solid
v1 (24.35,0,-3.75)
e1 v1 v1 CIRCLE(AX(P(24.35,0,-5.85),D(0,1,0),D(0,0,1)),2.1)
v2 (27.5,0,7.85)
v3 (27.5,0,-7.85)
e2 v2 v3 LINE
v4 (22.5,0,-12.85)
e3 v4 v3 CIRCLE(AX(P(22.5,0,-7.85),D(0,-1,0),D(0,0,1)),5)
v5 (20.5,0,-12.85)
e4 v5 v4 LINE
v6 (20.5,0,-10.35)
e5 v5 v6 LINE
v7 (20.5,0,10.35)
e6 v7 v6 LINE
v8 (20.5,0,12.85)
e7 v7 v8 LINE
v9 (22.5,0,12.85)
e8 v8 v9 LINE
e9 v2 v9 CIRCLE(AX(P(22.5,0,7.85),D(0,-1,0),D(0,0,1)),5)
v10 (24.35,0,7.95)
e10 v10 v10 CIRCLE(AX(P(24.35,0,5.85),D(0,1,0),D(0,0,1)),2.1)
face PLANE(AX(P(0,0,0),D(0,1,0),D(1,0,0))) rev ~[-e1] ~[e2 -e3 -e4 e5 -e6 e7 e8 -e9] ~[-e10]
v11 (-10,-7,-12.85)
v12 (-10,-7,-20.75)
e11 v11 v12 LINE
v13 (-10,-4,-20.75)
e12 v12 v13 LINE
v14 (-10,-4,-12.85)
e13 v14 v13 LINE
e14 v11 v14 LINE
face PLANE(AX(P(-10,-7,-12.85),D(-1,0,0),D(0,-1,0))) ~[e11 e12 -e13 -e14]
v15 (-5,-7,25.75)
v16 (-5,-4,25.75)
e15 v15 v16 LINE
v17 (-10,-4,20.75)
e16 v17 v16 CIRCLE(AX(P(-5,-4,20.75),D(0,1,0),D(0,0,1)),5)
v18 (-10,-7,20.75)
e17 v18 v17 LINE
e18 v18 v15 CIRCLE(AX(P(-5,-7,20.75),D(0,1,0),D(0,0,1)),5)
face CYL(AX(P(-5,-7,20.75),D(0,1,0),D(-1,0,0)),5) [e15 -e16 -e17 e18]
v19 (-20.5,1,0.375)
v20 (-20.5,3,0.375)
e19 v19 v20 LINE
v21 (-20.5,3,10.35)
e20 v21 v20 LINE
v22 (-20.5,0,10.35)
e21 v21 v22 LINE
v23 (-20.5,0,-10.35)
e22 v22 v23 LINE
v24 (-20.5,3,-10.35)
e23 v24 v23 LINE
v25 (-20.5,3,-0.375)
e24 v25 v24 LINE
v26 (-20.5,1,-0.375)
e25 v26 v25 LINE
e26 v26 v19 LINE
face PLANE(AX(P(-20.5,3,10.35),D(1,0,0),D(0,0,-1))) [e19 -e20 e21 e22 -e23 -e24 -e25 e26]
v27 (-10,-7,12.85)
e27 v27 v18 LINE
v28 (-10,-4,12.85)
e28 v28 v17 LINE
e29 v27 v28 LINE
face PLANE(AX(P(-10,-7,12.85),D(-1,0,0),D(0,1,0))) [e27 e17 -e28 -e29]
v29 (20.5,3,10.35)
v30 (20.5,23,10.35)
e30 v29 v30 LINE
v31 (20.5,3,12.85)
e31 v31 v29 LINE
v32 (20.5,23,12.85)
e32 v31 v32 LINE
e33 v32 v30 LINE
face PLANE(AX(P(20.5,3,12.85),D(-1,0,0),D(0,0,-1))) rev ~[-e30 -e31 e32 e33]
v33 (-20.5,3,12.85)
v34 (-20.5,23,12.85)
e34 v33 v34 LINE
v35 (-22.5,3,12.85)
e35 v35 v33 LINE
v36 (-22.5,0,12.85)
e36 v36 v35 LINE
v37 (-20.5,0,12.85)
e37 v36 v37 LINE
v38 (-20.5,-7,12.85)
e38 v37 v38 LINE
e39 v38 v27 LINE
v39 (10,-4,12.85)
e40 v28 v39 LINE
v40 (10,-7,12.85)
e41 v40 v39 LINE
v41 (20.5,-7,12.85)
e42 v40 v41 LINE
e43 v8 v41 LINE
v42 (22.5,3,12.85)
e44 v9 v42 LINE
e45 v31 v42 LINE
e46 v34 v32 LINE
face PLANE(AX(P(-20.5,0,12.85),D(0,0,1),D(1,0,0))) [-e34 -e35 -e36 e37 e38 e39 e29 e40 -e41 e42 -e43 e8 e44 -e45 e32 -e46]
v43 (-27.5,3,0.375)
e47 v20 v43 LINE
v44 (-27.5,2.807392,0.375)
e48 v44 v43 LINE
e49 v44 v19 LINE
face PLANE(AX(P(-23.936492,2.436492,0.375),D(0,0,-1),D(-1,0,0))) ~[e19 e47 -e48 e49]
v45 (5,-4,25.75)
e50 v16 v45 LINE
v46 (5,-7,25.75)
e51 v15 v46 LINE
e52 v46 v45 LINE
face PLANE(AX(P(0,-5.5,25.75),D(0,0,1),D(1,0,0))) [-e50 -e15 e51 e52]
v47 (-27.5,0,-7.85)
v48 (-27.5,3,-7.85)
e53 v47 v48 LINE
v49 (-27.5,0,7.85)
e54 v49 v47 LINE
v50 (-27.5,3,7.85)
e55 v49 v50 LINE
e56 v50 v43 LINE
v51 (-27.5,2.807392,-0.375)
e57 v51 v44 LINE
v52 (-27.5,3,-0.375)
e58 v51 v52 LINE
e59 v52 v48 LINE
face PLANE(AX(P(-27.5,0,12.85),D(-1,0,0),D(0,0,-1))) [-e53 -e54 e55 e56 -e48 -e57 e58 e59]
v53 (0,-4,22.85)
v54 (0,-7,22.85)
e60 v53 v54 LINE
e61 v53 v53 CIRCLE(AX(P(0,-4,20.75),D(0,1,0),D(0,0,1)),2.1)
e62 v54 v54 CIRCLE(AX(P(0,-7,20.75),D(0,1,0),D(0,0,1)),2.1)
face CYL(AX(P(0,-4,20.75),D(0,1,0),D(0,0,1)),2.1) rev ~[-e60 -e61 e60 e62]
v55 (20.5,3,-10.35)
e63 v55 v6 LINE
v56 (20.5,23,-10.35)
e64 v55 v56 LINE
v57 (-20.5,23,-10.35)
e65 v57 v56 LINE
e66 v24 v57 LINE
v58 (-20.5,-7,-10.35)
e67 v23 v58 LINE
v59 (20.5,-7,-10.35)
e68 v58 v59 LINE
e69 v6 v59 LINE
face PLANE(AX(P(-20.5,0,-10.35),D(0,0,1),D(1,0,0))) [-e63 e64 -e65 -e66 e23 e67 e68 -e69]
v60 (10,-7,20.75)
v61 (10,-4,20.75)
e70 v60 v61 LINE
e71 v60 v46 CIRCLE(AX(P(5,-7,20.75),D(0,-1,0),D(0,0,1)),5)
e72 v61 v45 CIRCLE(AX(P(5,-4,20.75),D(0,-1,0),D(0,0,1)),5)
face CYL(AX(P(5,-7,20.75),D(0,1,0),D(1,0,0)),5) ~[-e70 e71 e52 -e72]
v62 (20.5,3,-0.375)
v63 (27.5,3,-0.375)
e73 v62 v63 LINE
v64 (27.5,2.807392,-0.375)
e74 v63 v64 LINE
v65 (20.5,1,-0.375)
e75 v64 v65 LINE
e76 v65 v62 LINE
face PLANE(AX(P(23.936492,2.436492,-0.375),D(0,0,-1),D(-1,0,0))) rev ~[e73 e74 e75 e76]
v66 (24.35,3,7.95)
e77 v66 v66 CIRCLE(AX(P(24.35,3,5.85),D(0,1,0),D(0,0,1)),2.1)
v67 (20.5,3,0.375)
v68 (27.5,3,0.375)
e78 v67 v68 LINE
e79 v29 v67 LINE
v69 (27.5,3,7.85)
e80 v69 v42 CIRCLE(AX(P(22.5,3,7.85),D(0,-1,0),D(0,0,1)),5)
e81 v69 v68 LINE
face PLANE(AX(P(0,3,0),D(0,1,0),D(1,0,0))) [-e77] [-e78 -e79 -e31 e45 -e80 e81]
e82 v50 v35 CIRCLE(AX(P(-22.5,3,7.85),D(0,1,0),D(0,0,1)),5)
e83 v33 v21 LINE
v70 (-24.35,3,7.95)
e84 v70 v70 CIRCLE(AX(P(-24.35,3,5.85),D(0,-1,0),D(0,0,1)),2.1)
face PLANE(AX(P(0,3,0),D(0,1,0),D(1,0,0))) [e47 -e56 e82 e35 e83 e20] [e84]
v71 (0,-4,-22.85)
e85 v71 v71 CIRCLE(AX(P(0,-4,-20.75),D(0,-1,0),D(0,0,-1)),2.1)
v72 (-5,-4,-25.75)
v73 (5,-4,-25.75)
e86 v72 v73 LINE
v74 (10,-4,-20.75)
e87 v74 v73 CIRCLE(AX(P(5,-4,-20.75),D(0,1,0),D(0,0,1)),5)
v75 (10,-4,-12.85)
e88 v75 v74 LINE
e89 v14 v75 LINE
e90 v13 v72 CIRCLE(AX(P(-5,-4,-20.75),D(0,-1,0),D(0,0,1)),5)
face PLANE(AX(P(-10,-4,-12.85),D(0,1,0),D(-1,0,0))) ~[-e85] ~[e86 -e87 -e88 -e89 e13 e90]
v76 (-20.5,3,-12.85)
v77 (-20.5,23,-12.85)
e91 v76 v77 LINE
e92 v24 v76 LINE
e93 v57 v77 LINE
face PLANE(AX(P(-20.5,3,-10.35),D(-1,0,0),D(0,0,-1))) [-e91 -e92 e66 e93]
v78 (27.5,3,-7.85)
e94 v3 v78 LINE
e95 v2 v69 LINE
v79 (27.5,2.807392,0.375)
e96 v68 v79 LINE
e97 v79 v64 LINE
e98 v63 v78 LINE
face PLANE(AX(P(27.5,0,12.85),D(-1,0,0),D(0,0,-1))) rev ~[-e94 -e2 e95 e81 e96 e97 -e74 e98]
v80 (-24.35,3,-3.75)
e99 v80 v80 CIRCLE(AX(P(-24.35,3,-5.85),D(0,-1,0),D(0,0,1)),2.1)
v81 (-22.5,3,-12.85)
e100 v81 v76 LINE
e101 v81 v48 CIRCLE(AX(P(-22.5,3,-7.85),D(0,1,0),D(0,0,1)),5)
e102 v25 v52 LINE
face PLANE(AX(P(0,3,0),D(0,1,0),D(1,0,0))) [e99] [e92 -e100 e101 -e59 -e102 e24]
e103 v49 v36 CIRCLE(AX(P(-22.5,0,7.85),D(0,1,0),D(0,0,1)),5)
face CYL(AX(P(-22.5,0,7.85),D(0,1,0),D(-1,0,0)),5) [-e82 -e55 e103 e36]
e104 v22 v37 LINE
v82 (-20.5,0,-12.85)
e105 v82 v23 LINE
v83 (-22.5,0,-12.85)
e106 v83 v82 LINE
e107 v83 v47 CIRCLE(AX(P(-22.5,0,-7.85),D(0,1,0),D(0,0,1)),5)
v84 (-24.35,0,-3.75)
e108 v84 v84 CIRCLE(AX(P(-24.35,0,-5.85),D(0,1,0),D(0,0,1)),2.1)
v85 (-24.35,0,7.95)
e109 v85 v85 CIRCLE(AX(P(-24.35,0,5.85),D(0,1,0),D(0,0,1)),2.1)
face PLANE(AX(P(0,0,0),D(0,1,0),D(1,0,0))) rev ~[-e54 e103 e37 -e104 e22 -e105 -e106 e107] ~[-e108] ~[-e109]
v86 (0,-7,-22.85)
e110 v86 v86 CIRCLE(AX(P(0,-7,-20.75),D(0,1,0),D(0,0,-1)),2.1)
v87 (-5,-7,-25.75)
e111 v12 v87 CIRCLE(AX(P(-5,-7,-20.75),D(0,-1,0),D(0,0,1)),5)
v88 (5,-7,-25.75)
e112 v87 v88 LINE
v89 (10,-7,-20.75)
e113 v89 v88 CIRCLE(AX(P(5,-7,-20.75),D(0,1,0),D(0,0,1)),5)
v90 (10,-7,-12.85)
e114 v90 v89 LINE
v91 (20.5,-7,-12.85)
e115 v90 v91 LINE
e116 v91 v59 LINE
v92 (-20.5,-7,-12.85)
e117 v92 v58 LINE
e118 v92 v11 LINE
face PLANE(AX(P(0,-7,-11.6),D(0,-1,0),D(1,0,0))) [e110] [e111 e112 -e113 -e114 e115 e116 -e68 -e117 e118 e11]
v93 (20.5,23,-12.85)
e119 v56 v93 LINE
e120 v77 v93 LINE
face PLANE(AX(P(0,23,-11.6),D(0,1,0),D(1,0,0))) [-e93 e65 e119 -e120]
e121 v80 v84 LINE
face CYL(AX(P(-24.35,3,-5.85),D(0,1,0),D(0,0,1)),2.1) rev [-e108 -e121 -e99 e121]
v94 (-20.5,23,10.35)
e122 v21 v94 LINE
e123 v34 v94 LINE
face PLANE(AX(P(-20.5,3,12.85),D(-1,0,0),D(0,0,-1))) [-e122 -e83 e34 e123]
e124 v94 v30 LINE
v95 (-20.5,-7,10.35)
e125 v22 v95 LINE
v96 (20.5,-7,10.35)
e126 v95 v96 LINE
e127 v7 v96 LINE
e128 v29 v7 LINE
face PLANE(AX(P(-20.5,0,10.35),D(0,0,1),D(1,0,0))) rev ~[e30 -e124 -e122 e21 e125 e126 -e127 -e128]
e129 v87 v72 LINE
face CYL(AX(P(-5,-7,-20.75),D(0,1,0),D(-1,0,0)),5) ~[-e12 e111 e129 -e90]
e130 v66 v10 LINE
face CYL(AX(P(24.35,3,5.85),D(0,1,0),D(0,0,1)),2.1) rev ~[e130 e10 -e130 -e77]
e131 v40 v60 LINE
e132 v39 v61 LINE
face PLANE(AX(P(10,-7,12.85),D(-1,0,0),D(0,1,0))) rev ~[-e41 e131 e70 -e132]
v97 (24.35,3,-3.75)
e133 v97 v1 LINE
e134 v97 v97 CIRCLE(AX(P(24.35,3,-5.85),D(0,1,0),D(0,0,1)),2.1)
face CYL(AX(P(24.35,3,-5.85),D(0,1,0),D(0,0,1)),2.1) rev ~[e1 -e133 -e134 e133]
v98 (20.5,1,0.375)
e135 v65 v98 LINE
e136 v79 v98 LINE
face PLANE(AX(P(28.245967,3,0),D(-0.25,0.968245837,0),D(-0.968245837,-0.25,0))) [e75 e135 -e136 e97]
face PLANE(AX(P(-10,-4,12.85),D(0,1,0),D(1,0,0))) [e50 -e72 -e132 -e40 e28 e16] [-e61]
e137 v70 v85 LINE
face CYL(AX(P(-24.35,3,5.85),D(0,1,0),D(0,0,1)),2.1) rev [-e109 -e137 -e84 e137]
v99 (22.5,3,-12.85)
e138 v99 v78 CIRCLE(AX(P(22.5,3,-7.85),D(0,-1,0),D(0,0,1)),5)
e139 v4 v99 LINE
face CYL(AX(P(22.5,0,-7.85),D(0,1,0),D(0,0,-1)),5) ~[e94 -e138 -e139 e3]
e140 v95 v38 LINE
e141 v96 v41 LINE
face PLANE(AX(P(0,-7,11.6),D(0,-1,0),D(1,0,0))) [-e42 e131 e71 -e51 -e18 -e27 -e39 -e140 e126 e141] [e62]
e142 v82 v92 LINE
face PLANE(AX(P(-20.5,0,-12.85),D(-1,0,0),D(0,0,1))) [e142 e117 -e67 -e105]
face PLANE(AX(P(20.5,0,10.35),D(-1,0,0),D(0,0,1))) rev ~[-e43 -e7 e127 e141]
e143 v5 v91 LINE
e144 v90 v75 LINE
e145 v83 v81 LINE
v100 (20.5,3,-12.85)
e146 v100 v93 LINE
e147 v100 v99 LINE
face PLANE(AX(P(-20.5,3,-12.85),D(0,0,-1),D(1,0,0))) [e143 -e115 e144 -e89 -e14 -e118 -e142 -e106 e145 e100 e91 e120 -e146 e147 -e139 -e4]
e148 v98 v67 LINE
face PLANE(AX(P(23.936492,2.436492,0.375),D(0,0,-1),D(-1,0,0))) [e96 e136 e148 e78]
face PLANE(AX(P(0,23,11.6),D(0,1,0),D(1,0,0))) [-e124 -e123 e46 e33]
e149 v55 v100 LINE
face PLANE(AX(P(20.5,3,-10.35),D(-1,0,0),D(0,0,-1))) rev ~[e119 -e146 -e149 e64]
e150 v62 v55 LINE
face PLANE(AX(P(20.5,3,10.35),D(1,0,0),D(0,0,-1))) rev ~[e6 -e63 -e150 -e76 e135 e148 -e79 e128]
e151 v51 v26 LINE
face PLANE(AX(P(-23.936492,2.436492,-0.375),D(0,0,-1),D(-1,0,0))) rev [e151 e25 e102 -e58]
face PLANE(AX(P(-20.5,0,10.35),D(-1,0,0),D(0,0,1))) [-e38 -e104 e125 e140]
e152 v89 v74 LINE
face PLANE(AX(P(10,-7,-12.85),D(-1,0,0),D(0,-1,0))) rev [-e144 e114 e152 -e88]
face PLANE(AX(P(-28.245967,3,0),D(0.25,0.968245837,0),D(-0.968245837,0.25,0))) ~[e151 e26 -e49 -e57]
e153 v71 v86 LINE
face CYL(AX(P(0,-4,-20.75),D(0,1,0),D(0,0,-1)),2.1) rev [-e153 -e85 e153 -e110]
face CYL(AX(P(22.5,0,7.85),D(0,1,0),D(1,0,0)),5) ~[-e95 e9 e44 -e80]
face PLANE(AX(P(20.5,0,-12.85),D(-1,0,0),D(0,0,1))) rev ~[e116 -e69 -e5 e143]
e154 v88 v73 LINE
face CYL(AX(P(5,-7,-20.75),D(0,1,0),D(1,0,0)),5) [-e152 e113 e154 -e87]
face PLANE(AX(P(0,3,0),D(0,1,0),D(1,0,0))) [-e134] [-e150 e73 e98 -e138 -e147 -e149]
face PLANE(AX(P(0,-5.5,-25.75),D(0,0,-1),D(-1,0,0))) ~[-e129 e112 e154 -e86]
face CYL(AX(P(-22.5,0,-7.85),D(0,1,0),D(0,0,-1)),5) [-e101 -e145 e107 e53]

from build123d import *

# Parameters (mm, degrees)
SKETCH1_W            = 55
SKETCH1_H            = 25.7
BOSS_EXTRUDE1_DEPTH  = 3
SKETCH2_W            = 41
SKETCH2_H            = 20.7
CUT_EXTRUDE1_DEPTH   = 31.502008131
SKETCH3_R            = 2.1
CUT_EXTRUDE2_DEPTH   = 31.502008131
SKETCH4_W            = 41
SKETCH4_H            = 2.5
BOSS_EXTRUDE2_DEPTH  = 20
CUT_EXTRUDE3_DEPTH   = 0.375
FILLET1_R            = 5
SKETCH6_W            = 41
SKETCH6_H            = 2.5
BOSS_EXTRUDE3_DEPTH  = 7
SKETCH7_W            = 20
SKETCH7_H            = 3
BOSS_EXTRUDE4_DEPTH  = 12.9
SKETCH8_R            = 2.1
CUT_EXTRUDE4_DEPTH   = 47.349892125
FILLET2_R            = 5
FILLET2_OF_MIRROR5_R = 5


with BuildPart() as part:
    # Sketch1 → Boss-Extrude1 (new body)
    with BuildSketch(Plane(origin=(0, 0, 0), x_dir=(1, 0, 0), z_dir=(0, 1, 0))):
        Rectangle(SKETCH1_W, SKETCH1_H)
    extrude(amount=BOSS_EXTRUDE1_DEPTH)

    # Sketch2 → Cut-Extrude1 (cut, through all)
    with BuildSketch(Plane(origin=(0, 3, 0), x_dir=(1, 0, 0), z_dir=(0, 1, 0))):
        Rectangle(SKETCH2_W, SKETCH2_H)
    extrude(amount=-CUT_EXTRUDE1_DEPTH, mode=Mode.SUBTRACT)

    # Sketch3 → Cut-Extrude2 (cut, through all)
    with BuildSketch(Plane(origin=(0, 3, 0), x_dir=(1, 0, 0), z_dir=(0, 1, 0))):
        with Locations(Location((24.35, 5.85, 0), (0, 0, 270))):
            Circle(SKETCH3_R)
        with Locations(Location((24.35, -5.85, 0), (0, 0, 270))):
            Circle(SKETCH3_R)
    cut_extrude2 = extrude(amount=-CUT_EXTRUDE2_DEPTH, mode=Mode.SUBTRACT)

    # Mirror1: Cut-Extrude2 across plane
    add(cut_extrude2.mirror(Plane(origin=(0, 0, 0), x_dir=(0, 0, 1), z_dir=(1, 0, 0))), mode=Mode.SUBTRACT)

    # Sketch4 → Boss-Extrude2 (add)
    with BuildSketch(Plane(origin=(0, 3, 0), x_dir=(1, 0, 0), z_dir=(0, 1, 0))):
        with Locations((0, 11.6)):
            Rectangle(SKETCH4_W, SKETCH4_H)
        with Locations((0, -11.6)):
            Rectangle(SKETCH4_W, SKETCH4_H)
    extrude(amount=BOSS_EXTRUDE2_DEPTH)

    # Sketch5 → Cut-Extrude3 (cut, symmetric)
    with BuildSketch(Plane.XY):
        Polygon((20.5, 1), (20.5, 3), (28.245966692, 3), align=None)
    cut_extrude3 = extrude(amount=CUT_EXTRUDE3_DEPTH, both=True, mode=Mode.SUBTRACT)

    # Mirror2: Cut-Extrude3 across plane
    add(cut_extrude3.mirror(Plane(origin=(0, 0, 0), x_dir=(0, 0, 1), z_dir=(1, 0, 0))), mode=Mode.SUBTRACT)

    # Fillet1
    fillet1_edges = [part.edges().sort_by_distance(p)[0] for p in [
        (-27.5, 1.5, -12.85),
        (27.5, 1.5, -12.85),
        (27.5, 1.5, 12.85),
        (-27.5, 1.5, 12.85),
    ]]
    fillet(fillet1_edges, radius=FILLET1_R)

    # Sketch6 → Boss-Extrude3 (add)
    with BuildSketch(Plane.XZ):
        with Locations((0, 11.6)):
            Rectangle(SKETCH6_W, SKETCH6_H)
        with Locations((0, -11.6)):
            Rectangle(SKETCH6_W, SKETCH6_H)
    extrude(amount=BOSS_EXTRUDE3_DEPTH)

    # Sketch7 → Boss-Extrude4 (add)
    with BuildSketch(Plane.XY.offset(12.85)):
        with Locations((0, -5.5)):
            Rectangle(SKETCH7_W, SKETCH7_H)
    boss_extrude4 = extrude(amount=BOSS_EXTRUDE4_DEPTH)

    # Sketch8 → Cut-Extrude4 (cut, through all)
    with BuildSketch(Plane(origin=(0, -4, 0), x_dir=(1, 0, 0), z_dir=(0, 1, 0))):
        with Locations(Location((0, -20.75, 0), (0, 0, 270))):
            Circle(SKETCH8_R)
    cut_extrude4 = extrude(amount=-CUT_EXTRUDE4_DEPTH, mode=Mode.SUBTRACT)

    # Fillet2
    fillet2_edges = [part.edges().sort_by_distance(p)[0] for p in [
        (-10, -5.5, 25.75),
        (10, -5.5, 25.75),
    ]]
    fillet(fillet2_edges, radius=FILLET2_R)

    # Mirror5: Boss-Extrude4, Cut-Extrude4 across plane
    add(boss_extrude4.mirror(Plane.XY))
    add(cut_extrude4.mirror(Plane.XY), mode=Mode.SUBTRACT)

    # Fillet2 of Mirror5
    fillet2_of_mirror5_edges = [part.edges().sort_by_distance(p)[0] for p in [
        (-10, -5.5, -25.75),
        (10, -5.5, -25.75),
    ]]
    fillet(fillet2_of_mirror5_edges, radius=FILLET2_OF_MIRROR5_R)


solid = part.part
